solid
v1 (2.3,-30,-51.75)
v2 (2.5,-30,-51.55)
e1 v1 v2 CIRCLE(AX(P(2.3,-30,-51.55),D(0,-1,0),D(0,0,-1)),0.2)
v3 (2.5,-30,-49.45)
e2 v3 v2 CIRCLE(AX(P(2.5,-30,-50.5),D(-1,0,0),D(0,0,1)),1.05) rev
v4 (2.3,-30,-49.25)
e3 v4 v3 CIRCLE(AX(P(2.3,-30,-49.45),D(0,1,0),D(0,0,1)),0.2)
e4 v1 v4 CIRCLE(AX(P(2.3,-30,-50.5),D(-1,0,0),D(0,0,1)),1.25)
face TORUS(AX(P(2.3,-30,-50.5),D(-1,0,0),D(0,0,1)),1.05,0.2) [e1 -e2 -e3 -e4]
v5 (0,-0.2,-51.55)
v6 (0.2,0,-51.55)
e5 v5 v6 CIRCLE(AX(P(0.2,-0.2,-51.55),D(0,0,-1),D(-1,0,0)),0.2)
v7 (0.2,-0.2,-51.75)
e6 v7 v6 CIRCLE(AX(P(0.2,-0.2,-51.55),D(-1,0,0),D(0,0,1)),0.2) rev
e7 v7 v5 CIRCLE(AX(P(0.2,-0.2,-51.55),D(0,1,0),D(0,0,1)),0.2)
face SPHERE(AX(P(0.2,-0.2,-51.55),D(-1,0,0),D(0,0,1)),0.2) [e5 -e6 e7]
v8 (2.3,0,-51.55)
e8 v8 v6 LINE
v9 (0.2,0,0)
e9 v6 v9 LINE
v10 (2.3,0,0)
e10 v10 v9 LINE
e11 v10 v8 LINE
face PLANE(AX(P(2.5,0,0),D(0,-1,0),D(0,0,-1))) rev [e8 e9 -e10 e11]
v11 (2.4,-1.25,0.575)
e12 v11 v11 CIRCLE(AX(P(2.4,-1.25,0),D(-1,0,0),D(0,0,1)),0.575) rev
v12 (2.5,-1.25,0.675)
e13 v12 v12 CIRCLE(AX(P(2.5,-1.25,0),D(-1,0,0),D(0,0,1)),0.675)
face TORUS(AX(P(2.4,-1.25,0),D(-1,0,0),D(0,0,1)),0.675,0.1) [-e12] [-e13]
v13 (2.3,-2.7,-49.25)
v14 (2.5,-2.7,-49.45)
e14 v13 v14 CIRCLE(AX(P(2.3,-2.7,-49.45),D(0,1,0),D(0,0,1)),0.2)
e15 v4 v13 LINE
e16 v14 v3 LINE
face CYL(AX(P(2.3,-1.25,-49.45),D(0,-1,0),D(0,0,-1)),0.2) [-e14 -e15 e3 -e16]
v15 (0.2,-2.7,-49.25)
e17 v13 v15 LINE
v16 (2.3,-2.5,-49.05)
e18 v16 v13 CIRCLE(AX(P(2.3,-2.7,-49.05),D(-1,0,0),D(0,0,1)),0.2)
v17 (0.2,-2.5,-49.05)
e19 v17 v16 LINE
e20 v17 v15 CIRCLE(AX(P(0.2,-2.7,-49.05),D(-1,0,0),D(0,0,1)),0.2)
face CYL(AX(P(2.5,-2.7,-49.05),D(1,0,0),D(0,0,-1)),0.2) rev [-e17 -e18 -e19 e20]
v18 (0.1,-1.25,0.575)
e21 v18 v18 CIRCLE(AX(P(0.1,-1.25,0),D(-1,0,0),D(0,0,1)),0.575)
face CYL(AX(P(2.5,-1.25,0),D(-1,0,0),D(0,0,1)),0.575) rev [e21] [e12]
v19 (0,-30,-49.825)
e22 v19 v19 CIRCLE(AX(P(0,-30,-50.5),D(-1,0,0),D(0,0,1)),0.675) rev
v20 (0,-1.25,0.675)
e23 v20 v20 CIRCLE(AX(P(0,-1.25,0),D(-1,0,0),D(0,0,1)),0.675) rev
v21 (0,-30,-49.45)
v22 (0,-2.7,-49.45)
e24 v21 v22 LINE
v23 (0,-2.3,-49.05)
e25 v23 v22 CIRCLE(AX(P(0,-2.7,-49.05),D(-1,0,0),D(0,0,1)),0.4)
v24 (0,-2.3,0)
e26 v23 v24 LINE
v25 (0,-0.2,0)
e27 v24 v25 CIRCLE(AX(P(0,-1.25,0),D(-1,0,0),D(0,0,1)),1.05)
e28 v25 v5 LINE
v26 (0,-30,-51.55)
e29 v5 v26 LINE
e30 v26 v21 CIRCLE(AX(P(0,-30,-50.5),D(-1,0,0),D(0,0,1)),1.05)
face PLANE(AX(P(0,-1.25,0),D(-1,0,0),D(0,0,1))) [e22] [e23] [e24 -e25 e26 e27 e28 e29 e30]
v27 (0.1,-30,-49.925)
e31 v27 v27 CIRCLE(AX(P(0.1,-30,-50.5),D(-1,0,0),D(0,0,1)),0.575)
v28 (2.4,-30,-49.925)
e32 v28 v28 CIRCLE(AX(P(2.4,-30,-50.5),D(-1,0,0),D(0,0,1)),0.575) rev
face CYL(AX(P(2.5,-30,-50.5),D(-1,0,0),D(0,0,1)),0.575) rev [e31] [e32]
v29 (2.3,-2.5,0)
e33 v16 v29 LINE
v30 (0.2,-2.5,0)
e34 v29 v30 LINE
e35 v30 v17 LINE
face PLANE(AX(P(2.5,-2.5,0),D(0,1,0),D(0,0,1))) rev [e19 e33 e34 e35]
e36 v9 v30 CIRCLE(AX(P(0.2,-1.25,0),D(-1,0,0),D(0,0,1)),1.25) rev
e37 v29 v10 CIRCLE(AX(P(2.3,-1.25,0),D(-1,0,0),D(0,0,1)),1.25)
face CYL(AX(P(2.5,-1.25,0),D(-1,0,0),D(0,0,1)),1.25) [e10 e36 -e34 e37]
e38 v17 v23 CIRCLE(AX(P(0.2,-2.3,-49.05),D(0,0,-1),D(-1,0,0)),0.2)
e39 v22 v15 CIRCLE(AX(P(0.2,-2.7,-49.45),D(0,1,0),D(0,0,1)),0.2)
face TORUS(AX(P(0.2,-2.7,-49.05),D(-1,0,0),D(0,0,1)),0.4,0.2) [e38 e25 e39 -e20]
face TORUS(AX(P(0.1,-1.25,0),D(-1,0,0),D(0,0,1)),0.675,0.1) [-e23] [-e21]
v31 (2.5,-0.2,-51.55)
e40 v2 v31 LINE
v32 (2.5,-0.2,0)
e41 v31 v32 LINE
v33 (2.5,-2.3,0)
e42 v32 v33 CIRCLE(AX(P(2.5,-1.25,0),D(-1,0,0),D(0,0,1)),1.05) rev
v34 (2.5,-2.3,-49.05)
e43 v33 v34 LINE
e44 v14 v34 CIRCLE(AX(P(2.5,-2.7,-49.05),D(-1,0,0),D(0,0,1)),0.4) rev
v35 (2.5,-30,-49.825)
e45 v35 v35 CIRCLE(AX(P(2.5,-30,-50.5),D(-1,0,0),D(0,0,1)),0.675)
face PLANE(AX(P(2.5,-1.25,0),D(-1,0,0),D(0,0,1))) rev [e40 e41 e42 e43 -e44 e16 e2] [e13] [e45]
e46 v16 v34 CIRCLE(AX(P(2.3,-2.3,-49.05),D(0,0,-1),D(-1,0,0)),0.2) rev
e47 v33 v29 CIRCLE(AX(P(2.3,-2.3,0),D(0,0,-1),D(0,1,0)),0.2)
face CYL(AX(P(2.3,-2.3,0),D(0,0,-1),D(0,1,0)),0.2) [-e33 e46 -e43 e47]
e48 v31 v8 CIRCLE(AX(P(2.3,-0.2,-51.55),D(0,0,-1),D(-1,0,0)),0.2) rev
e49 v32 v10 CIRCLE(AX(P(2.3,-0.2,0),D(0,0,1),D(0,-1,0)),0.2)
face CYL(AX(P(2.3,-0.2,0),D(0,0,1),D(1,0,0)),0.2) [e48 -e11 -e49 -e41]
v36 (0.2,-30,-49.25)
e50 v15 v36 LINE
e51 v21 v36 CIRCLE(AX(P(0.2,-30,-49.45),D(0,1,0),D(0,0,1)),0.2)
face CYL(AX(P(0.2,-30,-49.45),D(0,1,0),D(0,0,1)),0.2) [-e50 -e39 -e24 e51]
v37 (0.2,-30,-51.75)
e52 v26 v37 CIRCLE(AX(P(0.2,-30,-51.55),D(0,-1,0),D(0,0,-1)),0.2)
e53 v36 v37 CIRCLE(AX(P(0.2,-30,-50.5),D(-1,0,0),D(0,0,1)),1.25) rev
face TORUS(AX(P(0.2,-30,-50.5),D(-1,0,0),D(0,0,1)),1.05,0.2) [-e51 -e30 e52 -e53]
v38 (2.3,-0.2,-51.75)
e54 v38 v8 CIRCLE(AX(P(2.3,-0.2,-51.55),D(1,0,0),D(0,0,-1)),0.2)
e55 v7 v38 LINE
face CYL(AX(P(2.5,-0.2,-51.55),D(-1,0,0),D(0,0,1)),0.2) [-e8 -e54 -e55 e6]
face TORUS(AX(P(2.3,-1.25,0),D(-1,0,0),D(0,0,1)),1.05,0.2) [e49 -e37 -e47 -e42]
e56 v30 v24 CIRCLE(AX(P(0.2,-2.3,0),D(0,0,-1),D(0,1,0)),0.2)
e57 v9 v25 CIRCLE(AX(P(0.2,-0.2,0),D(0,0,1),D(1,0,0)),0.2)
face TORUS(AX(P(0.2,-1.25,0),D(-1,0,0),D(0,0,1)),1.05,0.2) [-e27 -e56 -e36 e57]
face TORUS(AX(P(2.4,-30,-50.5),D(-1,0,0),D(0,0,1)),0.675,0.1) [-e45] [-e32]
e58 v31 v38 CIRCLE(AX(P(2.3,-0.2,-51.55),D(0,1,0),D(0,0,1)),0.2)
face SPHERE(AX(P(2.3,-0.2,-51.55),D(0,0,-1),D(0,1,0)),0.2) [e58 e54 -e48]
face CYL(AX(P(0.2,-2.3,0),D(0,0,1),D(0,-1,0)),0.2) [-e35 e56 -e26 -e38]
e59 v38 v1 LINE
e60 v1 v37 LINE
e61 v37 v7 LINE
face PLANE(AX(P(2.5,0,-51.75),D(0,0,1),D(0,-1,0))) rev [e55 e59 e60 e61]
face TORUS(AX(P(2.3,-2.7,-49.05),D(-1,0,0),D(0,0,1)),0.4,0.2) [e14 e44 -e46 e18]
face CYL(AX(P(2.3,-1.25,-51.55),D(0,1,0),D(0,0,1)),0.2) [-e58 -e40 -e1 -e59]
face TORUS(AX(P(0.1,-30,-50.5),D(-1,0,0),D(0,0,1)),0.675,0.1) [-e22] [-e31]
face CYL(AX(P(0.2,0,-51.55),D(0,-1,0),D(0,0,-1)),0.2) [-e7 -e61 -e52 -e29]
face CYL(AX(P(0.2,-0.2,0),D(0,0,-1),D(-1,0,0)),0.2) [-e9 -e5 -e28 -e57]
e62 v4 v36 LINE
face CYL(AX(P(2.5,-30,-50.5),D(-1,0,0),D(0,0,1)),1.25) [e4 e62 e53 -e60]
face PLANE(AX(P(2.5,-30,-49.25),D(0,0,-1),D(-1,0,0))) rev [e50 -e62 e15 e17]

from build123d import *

# Parameters (mm, degrees)
SKETCH1_R           = 0.575
BOSS_EXTRUDE1_DEPTH = 2.5
FILLET2_R           = 0.1
FILLET3_R           = 0.2


with BuildPart() as part:
    # Sketch1 → Boss-Extrude1 (new body)
    with BuildSketch(Plane(origin=(0, 0, 0), x_dir=(0, 0, -1), z_dir=(1, 0, 0))):
        with BuildLine():
            Line((0, 0), (50.5, 0))
            Line((50.5, 0), (51.75, 0))
            Line((51.75, 0), (51.75, -30))
            ThreePointArc((51.75, -30), (50.5, -31.25), (49.25, -30))
            Line((49.25, -30), (49.25, -2.5))
            Line((49.25, -2.5), (0, -2.5))
            ThreePointArc((0, -2.5), (-1.25, -1.25), (0, 0))
        make_face()
        with Locations((0, -1.25)):
            Circle(SKETCH1_R, mode=Mode.SUBTRACT)
        with Locations((50.5, -30)):
            Circle(SKETCH1_R, mode=Mode.SUBTRACT)
    extrude(amount=BOSS_EXTRUDE1_DEPTH)

    # Fillet2
    fillet2_edges = [part.edges().sort_by_distance(p)[0] for p in [
        (0, -1.25, 0.575),
        (2.5, -1.25, 0.575),
        (0, -30, -49.925),
        (2.5, -30, -49.925),
    ]]
    fillet(fillet2_edges, radius=FILLET2_R)

    # Fillet3
    fillet3_edges = [part.edges().sort_by_distance(p)[0] for p in [
        (0, -1.25, 1.25),
        (1.25, 0, -51.75),
        (2.5, -16.25, -49.25),
        (1.25, -2.5, -49.25),
        (2.5, -31.25, -50.5),
        (2.5, -15, -51.75),
        (2.5, 0, -25.875),
        (2.5, -1.25, 1.25),
        (0, 0, -25.875),
        (0, -15, -51.75),
        (0, -31.25, -50.5),
        (2.5, -2.5, -24.625),
        (0, -16.25, -49.25),
        (0, -2.5, -24.625),
    ]]
    fillet(fillet3_edges, radius=FILLET3_R)


solid = part.part
